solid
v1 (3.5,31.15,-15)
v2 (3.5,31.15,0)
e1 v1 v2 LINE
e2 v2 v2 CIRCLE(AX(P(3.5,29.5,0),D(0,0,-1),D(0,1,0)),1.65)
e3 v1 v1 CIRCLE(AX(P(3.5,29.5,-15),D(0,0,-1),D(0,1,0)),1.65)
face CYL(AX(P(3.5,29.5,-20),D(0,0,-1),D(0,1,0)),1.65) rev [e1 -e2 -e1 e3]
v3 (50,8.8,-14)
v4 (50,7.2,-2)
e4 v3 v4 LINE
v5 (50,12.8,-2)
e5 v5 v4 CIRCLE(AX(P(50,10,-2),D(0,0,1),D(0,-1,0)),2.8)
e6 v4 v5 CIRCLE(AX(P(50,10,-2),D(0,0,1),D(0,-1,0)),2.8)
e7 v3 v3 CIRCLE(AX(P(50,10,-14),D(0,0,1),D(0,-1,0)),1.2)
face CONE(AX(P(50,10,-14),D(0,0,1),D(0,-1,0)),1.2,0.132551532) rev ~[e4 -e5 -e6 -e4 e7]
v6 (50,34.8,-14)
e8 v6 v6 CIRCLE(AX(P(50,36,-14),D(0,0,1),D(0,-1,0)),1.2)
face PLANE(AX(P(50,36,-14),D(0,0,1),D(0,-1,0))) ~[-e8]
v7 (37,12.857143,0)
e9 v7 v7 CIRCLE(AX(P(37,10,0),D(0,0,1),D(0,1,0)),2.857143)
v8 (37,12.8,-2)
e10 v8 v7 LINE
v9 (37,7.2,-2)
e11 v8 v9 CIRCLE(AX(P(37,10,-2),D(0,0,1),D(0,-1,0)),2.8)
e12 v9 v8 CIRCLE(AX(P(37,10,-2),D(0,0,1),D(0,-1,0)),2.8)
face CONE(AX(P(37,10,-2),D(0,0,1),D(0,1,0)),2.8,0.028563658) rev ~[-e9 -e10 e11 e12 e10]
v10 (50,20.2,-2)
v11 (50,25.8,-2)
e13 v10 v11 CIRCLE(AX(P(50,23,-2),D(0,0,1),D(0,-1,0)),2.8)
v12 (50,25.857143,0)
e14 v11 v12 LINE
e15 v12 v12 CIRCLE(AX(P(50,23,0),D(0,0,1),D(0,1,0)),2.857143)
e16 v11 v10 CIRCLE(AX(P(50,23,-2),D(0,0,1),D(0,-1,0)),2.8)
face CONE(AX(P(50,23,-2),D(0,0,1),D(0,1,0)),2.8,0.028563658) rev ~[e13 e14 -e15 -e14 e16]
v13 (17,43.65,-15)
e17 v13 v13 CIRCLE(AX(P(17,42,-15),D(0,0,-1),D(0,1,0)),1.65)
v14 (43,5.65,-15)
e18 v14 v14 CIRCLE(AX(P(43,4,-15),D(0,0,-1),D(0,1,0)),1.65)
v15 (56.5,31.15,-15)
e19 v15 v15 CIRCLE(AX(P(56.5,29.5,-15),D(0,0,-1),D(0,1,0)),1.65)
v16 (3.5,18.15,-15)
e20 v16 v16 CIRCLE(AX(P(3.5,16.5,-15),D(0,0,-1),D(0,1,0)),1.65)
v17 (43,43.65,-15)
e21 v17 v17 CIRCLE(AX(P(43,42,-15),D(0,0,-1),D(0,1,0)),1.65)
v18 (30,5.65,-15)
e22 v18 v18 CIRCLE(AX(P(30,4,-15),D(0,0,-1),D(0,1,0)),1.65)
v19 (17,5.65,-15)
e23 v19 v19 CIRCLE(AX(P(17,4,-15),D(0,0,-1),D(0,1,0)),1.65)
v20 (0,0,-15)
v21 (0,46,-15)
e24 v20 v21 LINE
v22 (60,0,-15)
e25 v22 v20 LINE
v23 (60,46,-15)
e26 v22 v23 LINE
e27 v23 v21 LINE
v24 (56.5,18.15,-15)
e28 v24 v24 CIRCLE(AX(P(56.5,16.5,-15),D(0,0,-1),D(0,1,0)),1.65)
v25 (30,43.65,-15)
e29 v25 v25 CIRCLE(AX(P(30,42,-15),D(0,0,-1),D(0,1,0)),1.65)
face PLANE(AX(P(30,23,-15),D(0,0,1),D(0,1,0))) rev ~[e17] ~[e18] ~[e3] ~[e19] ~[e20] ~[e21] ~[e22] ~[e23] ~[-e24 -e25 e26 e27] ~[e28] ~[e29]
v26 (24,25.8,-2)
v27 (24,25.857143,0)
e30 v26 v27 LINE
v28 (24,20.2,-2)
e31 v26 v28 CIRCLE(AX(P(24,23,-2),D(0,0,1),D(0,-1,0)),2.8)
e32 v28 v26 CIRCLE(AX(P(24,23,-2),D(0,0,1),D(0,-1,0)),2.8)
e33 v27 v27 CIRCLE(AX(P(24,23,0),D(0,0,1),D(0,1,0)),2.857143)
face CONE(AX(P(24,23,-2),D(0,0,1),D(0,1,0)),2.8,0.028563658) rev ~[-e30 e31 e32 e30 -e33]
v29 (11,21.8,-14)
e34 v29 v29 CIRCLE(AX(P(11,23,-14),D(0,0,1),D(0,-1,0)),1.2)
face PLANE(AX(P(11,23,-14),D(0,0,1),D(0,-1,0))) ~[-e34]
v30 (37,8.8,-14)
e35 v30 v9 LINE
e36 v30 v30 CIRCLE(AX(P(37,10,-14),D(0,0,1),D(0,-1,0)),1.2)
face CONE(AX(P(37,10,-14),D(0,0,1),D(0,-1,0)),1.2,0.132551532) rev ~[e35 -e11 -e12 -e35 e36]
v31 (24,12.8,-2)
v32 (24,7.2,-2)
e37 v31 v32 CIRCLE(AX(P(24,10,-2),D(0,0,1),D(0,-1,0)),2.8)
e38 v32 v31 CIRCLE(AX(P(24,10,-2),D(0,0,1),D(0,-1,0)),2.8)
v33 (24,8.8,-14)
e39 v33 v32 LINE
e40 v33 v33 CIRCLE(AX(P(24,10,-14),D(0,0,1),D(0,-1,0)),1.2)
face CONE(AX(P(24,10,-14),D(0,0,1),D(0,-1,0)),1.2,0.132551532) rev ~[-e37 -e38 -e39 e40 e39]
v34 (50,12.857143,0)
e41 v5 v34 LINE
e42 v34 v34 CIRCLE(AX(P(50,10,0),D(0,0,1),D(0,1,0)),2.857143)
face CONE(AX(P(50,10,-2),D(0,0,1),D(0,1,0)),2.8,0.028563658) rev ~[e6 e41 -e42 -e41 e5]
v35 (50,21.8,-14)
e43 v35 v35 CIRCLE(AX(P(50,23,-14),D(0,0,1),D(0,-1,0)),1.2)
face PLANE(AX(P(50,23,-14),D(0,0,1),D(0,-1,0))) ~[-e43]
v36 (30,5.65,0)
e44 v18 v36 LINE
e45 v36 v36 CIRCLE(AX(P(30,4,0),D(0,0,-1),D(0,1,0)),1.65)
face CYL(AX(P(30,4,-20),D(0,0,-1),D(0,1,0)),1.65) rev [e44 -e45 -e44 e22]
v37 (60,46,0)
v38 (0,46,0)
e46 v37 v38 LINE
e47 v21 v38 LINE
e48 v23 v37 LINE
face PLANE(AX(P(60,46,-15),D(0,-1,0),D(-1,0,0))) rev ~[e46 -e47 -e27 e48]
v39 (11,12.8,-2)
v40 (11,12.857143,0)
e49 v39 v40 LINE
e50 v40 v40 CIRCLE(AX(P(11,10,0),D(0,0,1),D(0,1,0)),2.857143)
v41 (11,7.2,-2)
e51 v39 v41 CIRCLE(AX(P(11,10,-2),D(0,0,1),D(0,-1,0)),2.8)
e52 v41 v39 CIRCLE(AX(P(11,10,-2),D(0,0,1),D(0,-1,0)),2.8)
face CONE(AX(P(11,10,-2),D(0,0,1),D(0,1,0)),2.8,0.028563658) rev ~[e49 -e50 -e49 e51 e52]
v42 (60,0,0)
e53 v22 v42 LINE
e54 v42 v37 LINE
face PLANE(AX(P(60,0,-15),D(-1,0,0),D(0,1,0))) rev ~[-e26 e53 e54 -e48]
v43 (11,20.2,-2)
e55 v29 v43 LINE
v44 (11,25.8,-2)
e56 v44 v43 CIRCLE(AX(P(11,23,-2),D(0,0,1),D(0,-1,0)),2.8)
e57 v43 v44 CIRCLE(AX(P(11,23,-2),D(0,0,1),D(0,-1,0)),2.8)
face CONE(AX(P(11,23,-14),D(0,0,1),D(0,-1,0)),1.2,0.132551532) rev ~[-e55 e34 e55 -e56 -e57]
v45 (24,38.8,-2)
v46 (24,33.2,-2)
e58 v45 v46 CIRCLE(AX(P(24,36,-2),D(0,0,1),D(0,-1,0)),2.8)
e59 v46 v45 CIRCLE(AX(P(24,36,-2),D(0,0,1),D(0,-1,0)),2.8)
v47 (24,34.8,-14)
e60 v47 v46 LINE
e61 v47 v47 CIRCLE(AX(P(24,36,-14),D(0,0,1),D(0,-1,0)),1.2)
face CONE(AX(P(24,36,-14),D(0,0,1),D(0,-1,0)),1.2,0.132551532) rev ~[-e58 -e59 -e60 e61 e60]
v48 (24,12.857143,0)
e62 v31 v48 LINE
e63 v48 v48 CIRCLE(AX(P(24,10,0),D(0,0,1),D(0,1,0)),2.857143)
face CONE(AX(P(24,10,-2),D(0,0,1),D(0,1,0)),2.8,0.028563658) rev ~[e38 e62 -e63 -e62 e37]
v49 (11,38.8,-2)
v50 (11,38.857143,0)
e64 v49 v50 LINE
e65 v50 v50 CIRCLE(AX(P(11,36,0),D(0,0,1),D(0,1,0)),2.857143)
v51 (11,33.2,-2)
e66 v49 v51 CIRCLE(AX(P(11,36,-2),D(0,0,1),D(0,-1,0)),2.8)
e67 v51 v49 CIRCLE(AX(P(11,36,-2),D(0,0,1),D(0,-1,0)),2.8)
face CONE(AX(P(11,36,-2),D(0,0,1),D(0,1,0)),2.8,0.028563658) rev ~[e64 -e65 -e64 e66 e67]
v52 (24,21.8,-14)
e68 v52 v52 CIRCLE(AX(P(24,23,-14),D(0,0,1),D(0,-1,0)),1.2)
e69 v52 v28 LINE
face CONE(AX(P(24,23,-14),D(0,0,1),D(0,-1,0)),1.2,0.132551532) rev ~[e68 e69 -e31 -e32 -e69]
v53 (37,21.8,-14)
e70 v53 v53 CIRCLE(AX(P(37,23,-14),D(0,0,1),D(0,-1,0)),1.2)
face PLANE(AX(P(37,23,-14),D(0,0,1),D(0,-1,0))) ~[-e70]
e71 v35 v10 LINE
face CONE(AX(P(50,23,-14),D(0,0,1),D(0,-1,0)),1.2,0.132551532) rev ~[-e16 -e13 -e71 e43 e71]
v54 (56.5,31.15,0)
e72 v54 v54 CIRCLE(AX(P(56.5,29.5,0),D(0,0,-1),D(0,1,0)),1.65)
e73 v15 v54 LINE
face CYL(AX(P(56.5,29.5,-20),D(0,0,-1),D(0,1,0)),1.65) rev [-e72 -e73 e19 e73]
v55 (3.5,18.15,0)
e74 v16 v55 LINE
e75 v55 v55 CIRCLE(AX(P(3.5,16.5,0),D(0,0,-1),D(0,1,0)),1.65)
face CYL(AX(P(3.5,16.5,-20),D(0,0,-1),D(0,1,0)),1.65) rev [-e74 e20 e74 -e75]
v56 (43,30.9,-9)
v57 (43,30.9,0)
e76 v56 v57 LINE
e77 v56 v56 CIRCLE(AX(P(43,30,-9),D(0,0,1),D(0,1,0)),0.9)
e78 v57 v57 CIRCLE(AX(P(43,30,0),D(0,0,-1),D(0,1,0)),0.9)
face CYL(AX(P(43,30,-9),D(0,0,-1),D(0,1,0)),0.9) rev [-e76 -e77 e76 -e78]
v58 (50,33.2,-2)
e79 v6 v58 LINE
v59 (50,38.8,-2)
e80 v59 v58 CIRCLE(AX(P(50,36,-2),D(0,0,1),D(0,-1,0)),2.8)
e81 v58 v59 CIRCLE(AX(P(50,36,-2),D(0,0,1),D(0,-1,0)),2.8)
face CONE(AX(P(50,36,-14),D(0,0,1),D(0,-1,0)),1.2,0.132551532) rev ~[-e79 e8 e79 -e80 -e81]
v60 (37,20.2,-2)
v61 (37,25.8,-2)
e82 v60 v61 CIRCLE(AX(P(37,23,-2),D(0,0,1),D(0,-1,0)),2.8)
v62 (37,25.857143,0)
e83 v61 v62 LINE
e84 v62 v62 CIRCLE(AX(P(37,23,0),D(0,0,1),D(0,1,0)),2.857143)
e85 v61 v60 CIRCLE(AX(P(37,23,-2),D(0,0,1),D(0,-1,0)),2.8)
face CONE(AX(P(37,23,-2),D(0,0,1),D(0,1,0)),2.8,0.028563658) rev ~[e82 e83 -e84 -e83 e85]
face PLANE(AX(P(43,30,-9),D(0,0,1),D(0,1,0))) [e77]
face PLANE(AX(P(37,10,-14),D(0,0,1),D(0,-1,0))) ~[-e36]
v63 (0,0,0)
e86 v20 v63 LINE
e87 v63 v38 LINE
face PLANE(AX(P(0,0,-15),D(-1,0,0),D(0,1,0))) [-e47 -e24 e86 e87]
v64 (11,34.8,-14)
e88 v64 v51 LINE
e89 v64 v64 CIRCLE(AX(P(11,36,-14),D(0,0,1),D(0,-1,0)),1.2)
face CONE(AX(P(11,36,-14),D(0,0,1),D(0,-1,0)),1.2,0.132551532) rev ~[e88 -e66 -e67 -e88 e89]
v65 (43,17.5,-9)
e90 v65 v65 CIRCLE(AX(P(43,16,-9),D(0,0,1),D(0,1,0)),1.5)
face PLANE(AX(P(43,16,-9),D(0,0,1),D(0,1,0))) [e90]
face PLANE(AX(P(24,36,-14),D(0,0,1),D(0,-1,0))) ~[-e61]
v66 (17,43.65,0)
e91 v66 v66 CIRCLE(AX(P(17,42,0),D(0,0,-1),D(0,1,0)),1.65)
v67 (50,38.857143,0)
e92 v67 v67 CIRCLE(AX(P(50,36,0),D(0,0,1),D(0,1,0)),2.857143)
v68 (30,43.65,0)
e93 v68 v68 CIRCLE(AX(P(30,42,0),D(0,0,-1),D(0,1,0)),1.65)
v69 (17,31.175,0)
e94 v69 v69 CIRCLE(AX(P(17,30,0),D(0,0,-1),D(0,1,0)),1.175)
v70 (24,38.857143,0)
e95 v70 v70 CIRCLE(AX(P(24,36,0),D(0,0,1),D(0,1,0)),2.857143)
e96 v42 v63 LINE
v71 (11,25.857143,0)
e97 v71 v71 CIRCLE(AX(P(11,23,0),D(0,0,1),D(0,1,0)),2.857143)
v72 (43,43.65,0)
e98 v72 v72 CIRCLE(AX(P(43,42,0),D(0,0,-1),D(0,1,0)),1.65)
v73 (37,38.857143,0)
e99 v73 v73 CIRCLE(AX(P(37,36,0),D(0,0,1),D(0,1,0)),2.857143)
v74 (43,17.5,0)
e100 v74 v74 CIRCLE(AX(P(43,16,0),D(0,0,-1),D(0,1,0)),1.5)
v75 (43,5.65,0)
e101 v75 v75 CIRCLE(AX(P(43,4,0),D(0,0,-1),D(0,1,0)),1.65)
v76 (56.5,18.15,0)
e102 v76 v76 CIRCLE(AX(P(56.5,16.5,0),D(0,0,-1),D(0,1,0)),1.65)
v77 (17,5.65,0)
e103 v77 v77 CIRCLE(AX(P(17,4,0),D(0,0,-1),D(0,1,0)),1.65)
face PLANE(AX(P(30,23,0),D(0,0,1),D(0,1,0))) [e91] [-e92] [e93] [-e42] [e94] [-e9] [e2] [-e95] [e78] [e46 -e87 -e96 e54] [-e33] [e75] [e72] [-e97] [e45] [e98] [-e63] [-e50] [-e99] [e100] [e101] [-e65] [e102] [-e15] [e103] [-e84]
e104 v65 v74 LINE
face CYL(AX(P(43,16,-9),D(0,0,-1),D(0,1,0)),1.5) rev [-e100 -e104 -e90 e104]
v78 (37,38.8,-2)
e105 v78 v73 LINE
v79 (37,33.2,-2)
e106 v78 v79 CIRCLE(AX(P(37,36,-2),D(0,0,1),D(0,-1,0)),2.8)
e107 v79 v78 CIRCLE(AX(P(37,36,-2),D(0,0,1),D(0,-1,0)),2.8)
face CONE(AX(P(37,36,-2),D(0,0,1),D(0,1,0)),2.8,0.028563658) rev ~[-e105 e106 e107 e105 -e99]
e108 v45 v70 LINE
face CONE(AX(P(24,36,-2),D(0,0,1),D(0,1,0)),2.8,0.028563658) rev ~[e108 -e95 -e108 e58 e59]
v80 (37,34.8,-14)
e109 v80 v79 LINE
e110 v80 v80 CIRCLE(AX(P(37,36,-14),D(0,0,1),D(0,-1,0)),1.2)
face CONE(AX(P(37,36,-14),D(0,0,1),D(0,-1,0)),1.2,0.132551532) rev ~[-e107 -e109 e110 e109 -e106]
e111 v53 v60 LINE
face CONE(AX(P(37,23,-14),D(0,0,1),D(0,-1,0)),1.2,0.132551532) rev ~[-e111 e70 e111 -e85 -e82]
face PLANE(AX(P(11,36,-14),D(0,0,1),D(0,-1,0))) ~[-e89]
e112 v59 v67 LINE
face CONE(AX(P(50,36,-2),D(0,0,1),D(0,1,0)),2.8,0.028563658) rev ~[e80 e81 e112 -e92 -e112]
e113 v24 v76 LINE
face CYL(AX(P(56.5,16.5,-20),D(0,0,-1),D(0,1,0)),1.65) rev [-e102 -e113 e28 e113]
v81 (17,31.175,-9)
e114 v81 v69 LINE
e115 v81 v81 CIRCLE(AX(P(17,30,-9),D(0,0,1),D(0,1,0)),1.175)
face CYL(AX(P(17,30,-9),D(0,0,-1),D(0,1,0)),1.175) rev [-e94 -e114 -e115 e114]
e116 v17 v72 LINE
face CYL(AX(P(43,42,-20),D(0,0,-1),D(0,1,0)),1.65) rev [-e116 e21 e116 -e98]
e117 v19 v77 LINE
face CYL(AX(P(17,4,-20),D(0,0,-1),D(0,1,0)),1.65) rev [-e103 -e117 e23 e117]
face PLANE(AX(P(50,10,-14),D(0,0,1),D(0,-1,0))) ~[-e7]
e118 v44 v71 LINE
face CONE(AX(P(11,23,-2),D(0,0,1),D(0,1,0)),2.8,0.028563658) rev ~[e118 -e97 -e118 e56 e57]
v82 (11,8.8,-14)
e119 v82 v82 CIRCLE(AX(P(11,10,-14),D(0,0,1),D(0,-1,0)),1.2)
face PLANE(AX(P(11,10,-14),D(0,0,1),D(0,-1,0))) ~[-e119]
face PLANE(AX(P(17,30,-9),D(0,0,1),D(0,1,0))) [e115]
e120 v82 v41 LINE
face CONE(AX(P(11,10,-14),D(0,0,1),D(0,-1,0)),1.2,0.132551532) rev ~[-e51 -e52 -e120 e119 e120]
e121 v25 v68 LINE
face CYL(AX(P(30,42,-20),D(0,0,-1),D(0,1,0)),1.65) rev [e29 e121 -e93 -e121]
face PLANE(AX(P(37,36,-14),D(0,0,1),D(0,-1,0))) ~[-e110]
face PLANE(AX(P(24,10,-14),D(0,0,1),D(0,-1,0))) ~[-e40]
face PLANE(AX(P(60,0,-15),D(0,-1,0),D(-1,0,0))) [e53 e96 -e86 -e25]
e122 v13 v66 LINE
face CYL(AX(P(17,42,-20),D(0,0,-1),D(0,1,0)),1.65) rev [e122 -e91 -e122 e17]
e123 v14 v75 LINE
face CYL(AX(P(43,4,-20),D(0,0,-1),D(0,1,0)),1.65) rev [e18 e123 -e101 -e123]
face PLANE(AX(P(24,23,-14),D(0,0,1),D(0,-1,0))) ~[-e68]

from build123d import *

# Parameters (mm, degrees)
CYLINDER001_R         = 1.65
CYLINDER001_DEPTH     = 30
ARRAY002_X_COUNT      = 2
ARRAY002_X_PITCH      = 13
ARRAY002_Y_COUNT      = 2
ARRAY002_Y_PITCH      = 53
CYLINDER003_R         = 0.9
CYLINDER003_DEPTH     = 10
CYLINDER004_R         = 1.175
CYLINDER004_DEPTH     = 10
CYLINDER005_R         = 1.5
CYLINDER005_DEPTH     = 10
CYLINDER_R            = 1.65
CYLINDER_DEPTH        = 30
ARRAY001_X_COUNT      = 2
ARRAY001_X_PITCH      = 38
ARRAY001_Y_COUNT      = 3
ARRAY001_Y_PITCH      = 13
ARRAY_X_COUNT         = 3
ARRAY_X_PITCH         = 13
ARRAY_Y_COUNT         = 4
ARRAY_Y_PITCH         = 13
BOX_W                 = 46
BOX_H                 = 60
BOX_DEPTH             = 15
CLONE_PLACEMENT_ANGLE = 90


with BuildPart() as array002:
    # Cylinder001 → Cylinder001 (new body)
    with BuildSketch(Plane.XY.offset(-20)):
        Circle(CYLINDER001_R)
    extrude(amount=CYLINDER001_DEPTH)

    # Array002 X: Array002 ×2


with BuildPart() as array002_1:
    add(array002.part)
    with Locations(*[(i * ARRAY002_X_PITCH, 0, 0) for i in range(1, ARRAY002_X_COUNT)]):
        add(array002.part)

    # Array002 Y: Array002 ×2


with BuildPart() as array002_2:
    add(array002_1.part)
    with Locations(*[(0, i * ARRAY002_Y_PITCH, 0) for i in range(1, ARRAY002_Y_COUNT)]):
        add(array002_1.part)


with BuildPart() as array002_3:
    # Array002 placement: moved
    add(array002_2.part.moved(Location((16.5, 3.5, 0))))


with BuildPart() as cylinder003:
    # Cylinder003 → Cylinder003 (new body)
    with BuildSketch(Plane(origin=(30, 17, -9), x_dir=(1, 0, 0), z_dir=(0, 0, 1))):
        Circle(CYLINDER003_R)
    extrude(amount=CYLINDER003_DEPTH)


with BuildPart() as cylinder004:
    # Cylinder004 → Cylinder004 (new body)
    with BuildSketch(Plane(origin=(30, 43, -9), x_dir=(1, 0, 0), z_dir=(0, 0, 1))):
        Circle(CYLINDER004_R)
    extrude(amount=CYLINDER004_DEPTH)


with BuildPart() as cylinder005:
    # Cylinder005 → Cylinder005 (new body)
    with BuildSketch(Plane(origin=(16, 17, -9), x_dir=(1, 0, 0), z_dir=(0, 0, 1))):
        Circle(CYLINDER005_R)
    extrude(amount=CYLINDER005_DEPTH)


with BuildPart() as hole_union:
    # Cylinder → Cylinder (new body)
    with BuildSketch(Plane.XY.offset(-20)):
        Circle(CYLINDER_R)
    extrude(amount=CYLINDER_DEPTH)

    # Array001 X: hole union ×2


with BuildPart() as hole_union_1:
    add(hole_union.part)
    with Locations(*[(i * ARRAY001_X_PITCH, 0, 0) for i in range(1, ARRAY001_X_COUNT)]):
        add(hole_union.part)

    # Array001 Y: hole union ×3


with BuildPart() as hole_union_2:
    add(hole_union_1.part)
    with Locations(*[(0, i * ARRAY001_Y_PITCH, 0) for i in range(1, ARRAY001_Y_COUNT)]):
        add(hole_union_1.part)


with BuildPart() as hole_union_3:
    # Array001 placement: moved
    add(hole_union_2.part.moved(Location((4, 17, 0))))

    # Fusion001: union Array002, Cylinder003, Cylinder004, Cylinder005
    add(array002_3.part)
    add(cylinder003.part)
    add(cylinder004.part)
    add(cylinder005.part)


with BuildPart() as top_cone:
    # Cone → Cone (revolve)
    with BuildSketch(Plane(origin=(0, 0, -7), x_dir=(1, 0, 0), z_dir=(0, -1, 0))):
        Polygon((0, 0), (2.8, 0), (3, 7), (0, 7), align=None)
    revolve(axis=Axis((0, 0, -7), (0, 0, 1)))


with BuildPart() as cone_array:
    # Cone001 → Cone001 (revolve)
    with BuildSketch(Plane(origin=(0, 0, -19), x_dir=(-1, 0, 0), z_dir=(0, 1, 0))):
        Polygon((0, 0), (1.2, 0), (2.8, 12), (0, 12), align=None)
    revolve(axis=Axis((0, 0, -19), (0, 0, 1)))

    # Fusion: union top cone
    add(top_cone.part)


with BuildPart() as cone_array_1:
    # Fusion placement: moved
    add(cone_array.part.moved(Location((0, 0, 5))))

    # Array X: cone array ×3


with BuildPart() as cone_array_2:
    add(cone_array_1.part)
    with Locations(*[(i * ARRAY_X_PITCH, 0, 0) for i in range(1, ARRAY_X_COUNT)]):
        add(cone_array_1.part)

    # Array Y: cone array ×4


with BuildPart() as cone_array_3:
    add(cone_array_2.part)
    with Locations(*[(0, i * ARRAY_Y_PITCH, 0) for i in range(1, ARRAY_Y_COUNT)]):
        add(cone_array_2.part)


with BuildPart() as cone_array_4:
    # Array placement: moved
    add(cone_array_3.part.moved(Location((10, 10, 0))))


with BuildPart() as model_all_cut:
    # Box → Box (new body)
    with BuildSketch(Plane.XY.offset(-15)):
        with Locations((23, 30)):
            Rectangle(BOX_W, BOX_H)
    extrude(amount=BOX_DEPTH)

    # Cut: cut cone array
    add(cone_array_4.part, mode=Mode.SUBTRACT)

    # Cut001: cut hole union
    add(hole_union_3.part, mode=Mode.SUBTRACT)


with BuildPart() as model_all_cut_1:
    # Clone placement: moved
    add(model_all_cut.part.moved(Location((60, 0, 0))).rotate(Axis((60, 0, 0), (0, 0, 1)), CLONE_PLACEMENT_ANGLE))


solid = model_all_cut_1.part
